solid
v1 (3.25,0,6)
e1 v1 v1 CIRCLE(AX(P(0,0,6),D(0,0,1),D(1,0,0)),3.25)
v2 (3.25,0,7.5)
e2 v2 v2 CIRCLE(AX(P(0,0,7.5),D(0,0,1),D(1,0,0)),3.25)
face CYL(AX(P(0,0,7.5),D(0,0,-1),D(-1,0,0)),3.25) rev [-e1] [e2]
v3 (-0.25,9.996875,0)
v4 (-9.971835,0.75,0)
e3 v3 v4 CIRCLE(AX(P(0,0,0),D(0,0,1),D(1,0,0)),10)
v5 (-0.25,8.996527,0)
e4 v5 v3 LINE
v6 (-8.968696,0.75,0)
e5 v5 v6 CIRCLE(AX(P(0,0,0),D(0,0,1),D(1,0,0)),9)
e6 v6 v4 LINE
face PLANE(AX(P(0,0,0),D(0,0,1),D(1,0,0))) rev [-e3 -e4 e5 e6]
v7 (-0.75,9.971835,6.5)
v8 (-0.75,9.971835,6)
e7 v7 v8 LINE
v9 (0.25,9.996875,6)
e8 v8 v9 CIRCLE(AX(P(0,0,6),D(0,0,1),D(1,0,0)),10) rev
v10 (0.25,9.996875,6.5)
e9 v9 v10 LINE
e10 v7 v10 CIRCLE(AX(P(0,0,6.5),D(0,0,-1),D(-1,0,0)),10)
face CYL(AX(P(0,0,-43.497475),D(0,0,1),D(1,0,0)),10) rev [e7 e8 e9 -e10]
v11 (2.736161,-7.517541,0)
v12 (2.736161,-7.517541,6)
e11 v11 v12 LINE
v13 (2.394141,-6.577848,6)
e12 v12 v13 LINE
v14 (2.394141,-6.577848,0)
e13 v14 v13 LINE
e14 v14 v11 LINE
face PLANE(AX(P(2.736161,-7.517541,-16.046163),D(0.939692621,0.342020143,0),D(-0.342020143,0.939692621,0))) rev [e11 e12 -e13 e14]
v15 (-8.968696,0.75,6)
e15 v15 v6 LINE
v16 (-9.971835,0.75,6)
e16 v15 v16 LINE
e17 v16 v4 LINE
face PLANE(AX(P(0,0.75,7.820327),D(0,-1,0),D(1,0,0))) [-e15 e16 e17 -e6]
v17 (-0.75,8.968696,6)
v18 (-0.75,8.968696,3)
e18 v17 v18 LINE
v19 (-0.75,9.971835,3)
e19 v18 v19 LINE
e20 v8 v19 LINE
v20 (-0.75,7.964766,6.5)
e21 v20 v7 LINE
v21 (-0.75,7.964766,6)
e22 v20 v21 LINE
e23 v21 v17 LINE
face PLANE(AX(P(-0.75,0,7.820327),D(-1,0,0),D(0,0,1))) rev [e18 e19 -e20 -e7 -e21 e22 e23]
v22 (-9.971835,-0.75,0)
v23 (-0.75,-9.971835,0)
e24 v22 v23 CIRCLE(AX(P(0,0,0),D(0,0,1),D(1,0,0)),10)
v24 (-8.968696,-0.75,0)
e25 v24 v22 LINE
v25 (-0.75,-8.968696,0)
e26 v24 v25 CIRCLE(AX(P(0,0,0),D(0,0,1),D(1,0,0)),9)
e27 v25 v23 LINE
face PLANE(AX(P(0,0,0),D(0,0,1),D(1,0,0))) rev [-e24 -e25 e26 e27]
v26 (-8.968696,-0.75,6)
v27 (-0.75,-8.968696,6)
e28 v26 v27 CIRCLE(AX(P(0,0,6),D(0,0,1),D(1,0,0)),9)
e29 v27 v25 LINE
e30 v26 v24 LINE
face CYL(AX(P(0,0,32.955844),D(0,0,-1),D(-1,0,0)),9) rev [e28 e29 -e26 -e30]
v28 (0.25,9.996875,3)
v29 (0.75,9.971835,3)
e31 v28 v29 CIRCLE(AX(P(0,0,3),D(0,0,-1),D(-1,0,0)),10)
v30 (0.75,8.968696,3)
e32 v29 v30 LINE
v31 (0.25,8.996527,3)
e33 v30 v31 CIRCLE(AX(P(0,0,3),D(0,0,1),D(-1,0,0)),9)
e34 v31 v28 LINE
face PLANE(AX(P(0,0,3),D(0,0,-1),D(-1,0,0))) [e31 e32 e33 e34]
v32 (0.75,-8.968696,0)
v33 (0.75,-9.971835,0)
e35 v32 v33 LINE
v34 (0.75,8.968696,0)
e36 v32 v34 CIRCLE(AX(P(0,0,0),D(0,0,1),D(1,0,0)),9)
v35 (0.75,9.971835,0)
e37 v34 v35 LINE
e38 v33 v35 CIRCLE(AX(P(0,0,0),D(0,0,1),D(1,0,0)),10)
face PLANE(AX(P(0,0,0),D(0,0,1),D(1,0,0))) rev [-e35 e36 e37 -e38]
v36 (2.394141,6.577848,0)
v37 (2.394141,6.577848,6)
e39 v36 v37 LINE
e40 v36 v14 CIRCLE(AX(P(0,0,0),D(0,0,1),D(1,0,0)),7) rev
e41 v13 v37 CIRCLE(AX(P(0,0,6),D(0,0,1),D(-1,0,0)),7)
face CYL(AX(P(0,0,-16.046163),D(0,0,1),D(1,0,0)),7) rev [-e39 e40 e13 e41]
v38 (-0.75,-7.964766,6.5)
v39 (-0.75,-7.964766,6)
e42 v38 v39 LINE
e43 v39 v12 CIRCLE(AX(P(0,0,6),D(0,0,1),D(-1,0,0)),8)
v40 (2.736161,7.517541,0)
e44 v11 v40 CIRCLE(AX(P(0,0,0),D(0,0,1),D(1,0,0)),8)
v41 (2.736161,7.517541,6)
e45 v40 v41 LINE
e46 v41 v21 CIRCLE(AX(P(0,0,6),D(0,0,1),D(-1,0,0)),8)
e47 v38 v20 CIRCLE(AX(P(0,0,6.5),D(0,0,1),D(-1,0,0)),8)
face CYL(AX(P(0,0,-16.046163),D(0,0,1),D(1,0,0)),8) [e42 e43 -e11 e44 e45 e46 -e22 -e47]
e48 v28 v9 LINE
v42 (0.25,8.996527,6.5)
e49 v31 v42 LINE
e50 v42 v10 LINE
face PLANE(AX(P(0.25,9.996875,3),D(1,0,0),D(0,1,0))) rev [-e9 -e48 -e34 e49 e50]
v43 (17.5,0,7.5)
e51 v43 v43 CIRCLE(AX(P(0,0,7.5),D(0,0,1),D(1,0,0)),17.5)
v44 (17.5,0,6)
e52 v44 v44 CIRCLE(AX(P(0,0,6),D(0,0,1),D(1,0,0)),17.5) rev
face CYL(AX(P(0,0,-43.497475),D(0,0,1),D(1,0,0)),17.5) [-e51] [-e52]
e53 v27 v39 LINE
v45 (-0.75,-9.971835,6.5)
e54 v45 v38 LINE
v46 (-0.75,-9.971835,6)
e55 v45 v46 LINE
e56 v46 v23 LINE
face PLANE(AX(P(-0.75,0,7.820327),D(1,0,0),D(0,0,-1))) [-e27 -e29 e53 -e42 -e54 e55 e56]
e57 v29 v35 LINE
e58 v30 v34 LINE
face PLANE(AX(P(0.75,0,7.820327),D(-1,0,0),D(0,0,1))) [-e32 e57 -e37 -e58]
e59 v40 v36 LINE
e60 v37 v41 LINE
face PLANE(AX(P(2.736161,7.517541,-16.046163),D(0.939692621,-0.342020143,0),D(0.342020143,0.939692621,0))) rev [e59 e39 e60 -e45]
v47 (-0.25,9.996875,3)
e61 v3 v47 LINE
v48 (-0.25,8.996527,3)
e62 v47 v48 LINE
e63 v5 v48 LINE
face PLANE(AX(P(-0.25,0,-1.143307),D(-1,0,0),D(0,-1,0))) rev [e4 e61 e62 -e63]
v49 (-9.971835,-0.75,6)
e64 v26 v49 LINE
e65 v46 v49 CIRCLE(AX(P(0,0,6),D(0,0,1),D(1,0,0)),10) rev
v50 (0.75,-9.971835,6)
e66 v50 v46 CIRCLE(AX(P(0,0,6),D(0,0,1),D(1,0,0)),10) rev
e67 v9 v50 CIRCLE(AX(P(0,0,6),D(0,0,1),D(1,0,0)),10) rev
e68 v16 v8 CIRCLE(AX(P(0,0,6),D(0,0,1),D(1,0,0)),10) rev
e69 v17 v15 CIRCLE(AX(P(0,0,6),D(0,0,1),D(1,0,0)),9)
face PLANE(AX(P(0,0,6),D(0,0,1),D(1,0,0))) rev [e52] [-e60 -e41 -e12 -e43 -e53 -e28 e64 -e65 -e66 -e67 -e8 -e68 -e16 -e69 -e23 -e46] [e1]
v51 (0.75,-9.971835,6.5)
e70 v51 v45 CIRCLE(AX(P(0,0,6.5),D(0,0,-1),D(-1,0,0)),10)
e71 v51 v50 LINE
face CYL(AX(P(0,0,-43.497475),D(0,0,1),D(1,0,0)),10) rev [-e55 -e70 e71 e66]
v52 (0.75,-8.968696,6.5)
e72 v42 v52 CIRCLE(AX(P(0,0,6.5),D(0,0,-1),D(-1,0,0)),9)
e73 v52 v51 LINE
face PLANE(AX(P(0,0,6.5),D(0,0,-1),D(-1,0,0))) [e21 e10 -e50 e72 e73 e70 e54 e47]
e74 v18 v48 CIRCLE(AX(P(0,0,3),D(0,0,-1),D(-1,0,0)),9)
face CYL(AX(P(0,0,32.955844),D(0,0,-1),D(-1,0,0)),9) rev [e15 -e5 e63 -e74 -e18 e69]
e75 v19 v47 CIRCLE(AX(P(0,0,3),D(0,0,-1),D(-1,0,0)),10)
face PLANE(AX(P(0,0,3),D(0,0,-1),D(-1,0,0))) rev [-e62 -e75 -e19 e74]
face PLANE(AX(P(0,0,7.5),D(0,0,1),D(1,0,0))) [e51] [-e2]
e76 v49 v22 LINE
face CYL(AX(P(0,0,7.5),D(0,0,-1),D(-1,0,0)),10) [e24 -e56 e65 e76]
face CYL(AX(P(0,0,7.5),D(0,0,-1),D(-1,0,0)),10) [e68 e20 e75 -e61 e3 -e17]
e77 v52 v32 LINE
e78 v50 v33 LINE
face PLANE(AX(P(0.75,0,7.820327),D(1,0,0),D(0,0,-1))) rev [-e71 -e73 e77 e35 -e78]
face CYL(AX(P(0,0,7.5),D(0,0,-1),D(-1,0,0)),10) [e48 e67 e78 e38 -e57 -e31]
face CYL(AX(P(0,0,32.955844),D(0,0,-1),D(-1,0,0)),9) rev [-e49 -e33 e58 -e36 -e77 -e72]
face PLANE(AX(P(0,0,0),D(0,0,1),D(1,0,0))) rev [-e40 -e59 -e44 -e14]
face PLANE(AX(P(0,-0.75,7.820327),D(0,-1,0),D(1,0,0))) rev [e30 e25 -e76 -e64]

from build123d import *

# Parameters (mm, degrees)
SKETCH1_R           = 10
SKETCH1_R_2         = 3.25
BOSS_EXTRUDE1_DEPTH = 7.5
SKETCH2_R           = 9
CUT_EXTRUDE1_DEPTH  = 6
CUT_EXTRUDE2_DEPTH  = 6
CIRPATTERN1_COUNT   = 3
CIRPATTERN1_ANGLE   = 180
BOSS_EXTRUDE2_DEPTH = 6
CUT_EXTRUDE3_DEPTH  = 0.5
BOSS_EXTRUDE3_DEPTH = 3.5
BOSS_EXTRUDE4_DEPTH = 3
SKETCH8_R           = 17.5
SKETCH8_R_2         = 10
BOSS_EXTRUDE5_DEPTH = 1.5


with BuildPart() as part:
    # Sketch1 → Boss-Extrude1 (new body)
    with BuildSketch(Plane.XY):
        Circle(SKETCH1_R)
        Circle(SKETCH1_R_2, mode=Mode.SUBTRACT)
    extrude(amount=BOSS_EXTRUDE1_DEPTH)

    # Sketch2 → Cut-Extrude1 (cut)
    with BuildSketch(Plane.XY):
        Circle(SKETCH2_R)
    extrude(amount=CUT_EXTRUDE1_DEPTH, mode=Mode.SUBTRACT)

    # Sketch3 → Cut-Extrude2 (cut)
    with BuildSketch(Plane(origin=(0, 0, 0), x_dir=(-1, 0, 0), z_dir=(0, 0, -1))):
        with BuildLine():
            Line((0.75, -9.971835338), (0.75, -8.968695557))
            ThreePointArc((0.75, -8.968695557), (0, -9), (-0.75, -8.968695557))
            Line((-0.75, -8.968695557), (-0.75, -9.971835338))
            ThreePointArc((-0.75, -9.971835338), (0, -10), (0.75, -9.971835338))
        make_face()
    cut_extrude2 = extrude(amount=-CUT_EXTRUDE2_DEPTH, mode=Mode.SUBTRACT)

    # CirPattern1: Cut-Extrude2 ×3 about axis
    cirpattern1_axis = Axis((0, 0, 0), (0, 0, -1))
    for i in range(1, CIRPATTERN1_COUNT):
        add(cut_extrude2.rotate(cirpattern1_axis, i * CIRPATTERN1_ANGLE / (CIRPATTERN1_COUNT - 1)), mode=Mode.SUBTRACT)

    # Sketch4 → Boss-Extrude2 (add)
    with BuildSketch(Plane(origin=(0, 0, 6), x_dir=(-1, 0, 0), z_dir=(0, 0, -1))):
        with BuildLine():
            Line((-2.736161147, 7.517540966), (-2.394141003, 6.577848346))
            ThreePointArc((-2.394141003, 6.577848346), (-7, 0), (-2.394141003, -6.577848346))
            Line((-2.394141003, -6.577848346), (-2.736161147, -7.517540966))
            ThreePointArc((-2.736161147, -7.517540966), (-8, 0), (-2.736161147, 7.517540966))
        make_face()
    extrude(amount=BOSS_EXTRUDE2_DEPTH)

    # Sketch5 → Cut-Extrude3 (cut)
    with BuildSketch(Plane(origin=(0, 0, 6), x_dir=(-1, 0, 0), z_dir=(0, 0, -1))):
        with BuildLine():
            Line((-0.75, -8.968695557), (-0.75, -9.971835338))
            ThreePointArc((-0.75, -9.971835338), (0, -10), (0.75, -9.971835338))
            Line((0.75, -9.971835338), (0.75, -7.964766161))
            ThreePointArc((0.75, -7.964766161), (-8, 0), (0.75, 7.964766161))
            Line((0.75, 7.964766161), (0.75, 9.971835338))
            ThreePointArc((0.75, 9.971835338), (0, 10), (-0.75, 9.971835338))
            Line((-0.75, 9.971835338), (-0.75, 8.968695557))
            ThreePointArc((-0.75, 8.968695557), (-9, 0), (-0.75, -8.968695557))
        make_face()
    extrude(amount=-CUT_EXTRUDE3_DEPTH, mode=Mode.SUBTRACT)

    # Sketch6 → Boss-Extrude3 (add)
    with BuildSketch(Plane(origin=(0, 0, 6.5), x_dir=(-1, 0, 0), z_dir=(0, 0, -1))):
        with BuildLine():
            Line((-0.75, 8.968695557), (-0.75, 9.971835338))
            ThreePointArc((-0.75, 9.971835338), (-0.500156715, 9.987484331), (-0.25, 9.996874512))
            Line((-0.25, 9.996874512), (-0.25, 8.996527108))
            ThreePointArc((-0.25, 8.996527108), (-0.500193611, 8.986089603), (-0.75, 8.968695557))
        make_face()
    extrude(amount=BOSS_EXTRUDE3_DEPTH)

    # Sketch7 → Boss-Extrude4 (add)
    with BuildSketch(Plane(origin=(0, 0, 3), x_dir=(-1, 0, 0), z_dir=(0, 0, -1))):
        with BuildLine():
            ThreePointArc((0.25, 8.996527108), (0.500193611, 8.986089603), (0.75, 8.968695557))
            Line((0.75, 8.968695557), (0.75, 9.971835338))
            ThreePointArc((0.75, 9.971835338), (0.500156715, 9.987484331), (0.25, 9.996874512))
            Line((0.25, 9.996874512), (0.25, 8.996527108))
        make_face()
    extrude(amount=BOSS_EXTRUDE4_DEPTH)

    # Sketch8 → Boss-Extrude5 (add)
    with BuildSketch(Plane.XY.offset(7.5)):
        Circle(SKETCH8_R)
        Circle(SKETCH8_R_2, mode=Mode.SUBTRACT)
    extrude(amount=-BOSS_EXTRUDE5_DEPTH)


solid = part.part
